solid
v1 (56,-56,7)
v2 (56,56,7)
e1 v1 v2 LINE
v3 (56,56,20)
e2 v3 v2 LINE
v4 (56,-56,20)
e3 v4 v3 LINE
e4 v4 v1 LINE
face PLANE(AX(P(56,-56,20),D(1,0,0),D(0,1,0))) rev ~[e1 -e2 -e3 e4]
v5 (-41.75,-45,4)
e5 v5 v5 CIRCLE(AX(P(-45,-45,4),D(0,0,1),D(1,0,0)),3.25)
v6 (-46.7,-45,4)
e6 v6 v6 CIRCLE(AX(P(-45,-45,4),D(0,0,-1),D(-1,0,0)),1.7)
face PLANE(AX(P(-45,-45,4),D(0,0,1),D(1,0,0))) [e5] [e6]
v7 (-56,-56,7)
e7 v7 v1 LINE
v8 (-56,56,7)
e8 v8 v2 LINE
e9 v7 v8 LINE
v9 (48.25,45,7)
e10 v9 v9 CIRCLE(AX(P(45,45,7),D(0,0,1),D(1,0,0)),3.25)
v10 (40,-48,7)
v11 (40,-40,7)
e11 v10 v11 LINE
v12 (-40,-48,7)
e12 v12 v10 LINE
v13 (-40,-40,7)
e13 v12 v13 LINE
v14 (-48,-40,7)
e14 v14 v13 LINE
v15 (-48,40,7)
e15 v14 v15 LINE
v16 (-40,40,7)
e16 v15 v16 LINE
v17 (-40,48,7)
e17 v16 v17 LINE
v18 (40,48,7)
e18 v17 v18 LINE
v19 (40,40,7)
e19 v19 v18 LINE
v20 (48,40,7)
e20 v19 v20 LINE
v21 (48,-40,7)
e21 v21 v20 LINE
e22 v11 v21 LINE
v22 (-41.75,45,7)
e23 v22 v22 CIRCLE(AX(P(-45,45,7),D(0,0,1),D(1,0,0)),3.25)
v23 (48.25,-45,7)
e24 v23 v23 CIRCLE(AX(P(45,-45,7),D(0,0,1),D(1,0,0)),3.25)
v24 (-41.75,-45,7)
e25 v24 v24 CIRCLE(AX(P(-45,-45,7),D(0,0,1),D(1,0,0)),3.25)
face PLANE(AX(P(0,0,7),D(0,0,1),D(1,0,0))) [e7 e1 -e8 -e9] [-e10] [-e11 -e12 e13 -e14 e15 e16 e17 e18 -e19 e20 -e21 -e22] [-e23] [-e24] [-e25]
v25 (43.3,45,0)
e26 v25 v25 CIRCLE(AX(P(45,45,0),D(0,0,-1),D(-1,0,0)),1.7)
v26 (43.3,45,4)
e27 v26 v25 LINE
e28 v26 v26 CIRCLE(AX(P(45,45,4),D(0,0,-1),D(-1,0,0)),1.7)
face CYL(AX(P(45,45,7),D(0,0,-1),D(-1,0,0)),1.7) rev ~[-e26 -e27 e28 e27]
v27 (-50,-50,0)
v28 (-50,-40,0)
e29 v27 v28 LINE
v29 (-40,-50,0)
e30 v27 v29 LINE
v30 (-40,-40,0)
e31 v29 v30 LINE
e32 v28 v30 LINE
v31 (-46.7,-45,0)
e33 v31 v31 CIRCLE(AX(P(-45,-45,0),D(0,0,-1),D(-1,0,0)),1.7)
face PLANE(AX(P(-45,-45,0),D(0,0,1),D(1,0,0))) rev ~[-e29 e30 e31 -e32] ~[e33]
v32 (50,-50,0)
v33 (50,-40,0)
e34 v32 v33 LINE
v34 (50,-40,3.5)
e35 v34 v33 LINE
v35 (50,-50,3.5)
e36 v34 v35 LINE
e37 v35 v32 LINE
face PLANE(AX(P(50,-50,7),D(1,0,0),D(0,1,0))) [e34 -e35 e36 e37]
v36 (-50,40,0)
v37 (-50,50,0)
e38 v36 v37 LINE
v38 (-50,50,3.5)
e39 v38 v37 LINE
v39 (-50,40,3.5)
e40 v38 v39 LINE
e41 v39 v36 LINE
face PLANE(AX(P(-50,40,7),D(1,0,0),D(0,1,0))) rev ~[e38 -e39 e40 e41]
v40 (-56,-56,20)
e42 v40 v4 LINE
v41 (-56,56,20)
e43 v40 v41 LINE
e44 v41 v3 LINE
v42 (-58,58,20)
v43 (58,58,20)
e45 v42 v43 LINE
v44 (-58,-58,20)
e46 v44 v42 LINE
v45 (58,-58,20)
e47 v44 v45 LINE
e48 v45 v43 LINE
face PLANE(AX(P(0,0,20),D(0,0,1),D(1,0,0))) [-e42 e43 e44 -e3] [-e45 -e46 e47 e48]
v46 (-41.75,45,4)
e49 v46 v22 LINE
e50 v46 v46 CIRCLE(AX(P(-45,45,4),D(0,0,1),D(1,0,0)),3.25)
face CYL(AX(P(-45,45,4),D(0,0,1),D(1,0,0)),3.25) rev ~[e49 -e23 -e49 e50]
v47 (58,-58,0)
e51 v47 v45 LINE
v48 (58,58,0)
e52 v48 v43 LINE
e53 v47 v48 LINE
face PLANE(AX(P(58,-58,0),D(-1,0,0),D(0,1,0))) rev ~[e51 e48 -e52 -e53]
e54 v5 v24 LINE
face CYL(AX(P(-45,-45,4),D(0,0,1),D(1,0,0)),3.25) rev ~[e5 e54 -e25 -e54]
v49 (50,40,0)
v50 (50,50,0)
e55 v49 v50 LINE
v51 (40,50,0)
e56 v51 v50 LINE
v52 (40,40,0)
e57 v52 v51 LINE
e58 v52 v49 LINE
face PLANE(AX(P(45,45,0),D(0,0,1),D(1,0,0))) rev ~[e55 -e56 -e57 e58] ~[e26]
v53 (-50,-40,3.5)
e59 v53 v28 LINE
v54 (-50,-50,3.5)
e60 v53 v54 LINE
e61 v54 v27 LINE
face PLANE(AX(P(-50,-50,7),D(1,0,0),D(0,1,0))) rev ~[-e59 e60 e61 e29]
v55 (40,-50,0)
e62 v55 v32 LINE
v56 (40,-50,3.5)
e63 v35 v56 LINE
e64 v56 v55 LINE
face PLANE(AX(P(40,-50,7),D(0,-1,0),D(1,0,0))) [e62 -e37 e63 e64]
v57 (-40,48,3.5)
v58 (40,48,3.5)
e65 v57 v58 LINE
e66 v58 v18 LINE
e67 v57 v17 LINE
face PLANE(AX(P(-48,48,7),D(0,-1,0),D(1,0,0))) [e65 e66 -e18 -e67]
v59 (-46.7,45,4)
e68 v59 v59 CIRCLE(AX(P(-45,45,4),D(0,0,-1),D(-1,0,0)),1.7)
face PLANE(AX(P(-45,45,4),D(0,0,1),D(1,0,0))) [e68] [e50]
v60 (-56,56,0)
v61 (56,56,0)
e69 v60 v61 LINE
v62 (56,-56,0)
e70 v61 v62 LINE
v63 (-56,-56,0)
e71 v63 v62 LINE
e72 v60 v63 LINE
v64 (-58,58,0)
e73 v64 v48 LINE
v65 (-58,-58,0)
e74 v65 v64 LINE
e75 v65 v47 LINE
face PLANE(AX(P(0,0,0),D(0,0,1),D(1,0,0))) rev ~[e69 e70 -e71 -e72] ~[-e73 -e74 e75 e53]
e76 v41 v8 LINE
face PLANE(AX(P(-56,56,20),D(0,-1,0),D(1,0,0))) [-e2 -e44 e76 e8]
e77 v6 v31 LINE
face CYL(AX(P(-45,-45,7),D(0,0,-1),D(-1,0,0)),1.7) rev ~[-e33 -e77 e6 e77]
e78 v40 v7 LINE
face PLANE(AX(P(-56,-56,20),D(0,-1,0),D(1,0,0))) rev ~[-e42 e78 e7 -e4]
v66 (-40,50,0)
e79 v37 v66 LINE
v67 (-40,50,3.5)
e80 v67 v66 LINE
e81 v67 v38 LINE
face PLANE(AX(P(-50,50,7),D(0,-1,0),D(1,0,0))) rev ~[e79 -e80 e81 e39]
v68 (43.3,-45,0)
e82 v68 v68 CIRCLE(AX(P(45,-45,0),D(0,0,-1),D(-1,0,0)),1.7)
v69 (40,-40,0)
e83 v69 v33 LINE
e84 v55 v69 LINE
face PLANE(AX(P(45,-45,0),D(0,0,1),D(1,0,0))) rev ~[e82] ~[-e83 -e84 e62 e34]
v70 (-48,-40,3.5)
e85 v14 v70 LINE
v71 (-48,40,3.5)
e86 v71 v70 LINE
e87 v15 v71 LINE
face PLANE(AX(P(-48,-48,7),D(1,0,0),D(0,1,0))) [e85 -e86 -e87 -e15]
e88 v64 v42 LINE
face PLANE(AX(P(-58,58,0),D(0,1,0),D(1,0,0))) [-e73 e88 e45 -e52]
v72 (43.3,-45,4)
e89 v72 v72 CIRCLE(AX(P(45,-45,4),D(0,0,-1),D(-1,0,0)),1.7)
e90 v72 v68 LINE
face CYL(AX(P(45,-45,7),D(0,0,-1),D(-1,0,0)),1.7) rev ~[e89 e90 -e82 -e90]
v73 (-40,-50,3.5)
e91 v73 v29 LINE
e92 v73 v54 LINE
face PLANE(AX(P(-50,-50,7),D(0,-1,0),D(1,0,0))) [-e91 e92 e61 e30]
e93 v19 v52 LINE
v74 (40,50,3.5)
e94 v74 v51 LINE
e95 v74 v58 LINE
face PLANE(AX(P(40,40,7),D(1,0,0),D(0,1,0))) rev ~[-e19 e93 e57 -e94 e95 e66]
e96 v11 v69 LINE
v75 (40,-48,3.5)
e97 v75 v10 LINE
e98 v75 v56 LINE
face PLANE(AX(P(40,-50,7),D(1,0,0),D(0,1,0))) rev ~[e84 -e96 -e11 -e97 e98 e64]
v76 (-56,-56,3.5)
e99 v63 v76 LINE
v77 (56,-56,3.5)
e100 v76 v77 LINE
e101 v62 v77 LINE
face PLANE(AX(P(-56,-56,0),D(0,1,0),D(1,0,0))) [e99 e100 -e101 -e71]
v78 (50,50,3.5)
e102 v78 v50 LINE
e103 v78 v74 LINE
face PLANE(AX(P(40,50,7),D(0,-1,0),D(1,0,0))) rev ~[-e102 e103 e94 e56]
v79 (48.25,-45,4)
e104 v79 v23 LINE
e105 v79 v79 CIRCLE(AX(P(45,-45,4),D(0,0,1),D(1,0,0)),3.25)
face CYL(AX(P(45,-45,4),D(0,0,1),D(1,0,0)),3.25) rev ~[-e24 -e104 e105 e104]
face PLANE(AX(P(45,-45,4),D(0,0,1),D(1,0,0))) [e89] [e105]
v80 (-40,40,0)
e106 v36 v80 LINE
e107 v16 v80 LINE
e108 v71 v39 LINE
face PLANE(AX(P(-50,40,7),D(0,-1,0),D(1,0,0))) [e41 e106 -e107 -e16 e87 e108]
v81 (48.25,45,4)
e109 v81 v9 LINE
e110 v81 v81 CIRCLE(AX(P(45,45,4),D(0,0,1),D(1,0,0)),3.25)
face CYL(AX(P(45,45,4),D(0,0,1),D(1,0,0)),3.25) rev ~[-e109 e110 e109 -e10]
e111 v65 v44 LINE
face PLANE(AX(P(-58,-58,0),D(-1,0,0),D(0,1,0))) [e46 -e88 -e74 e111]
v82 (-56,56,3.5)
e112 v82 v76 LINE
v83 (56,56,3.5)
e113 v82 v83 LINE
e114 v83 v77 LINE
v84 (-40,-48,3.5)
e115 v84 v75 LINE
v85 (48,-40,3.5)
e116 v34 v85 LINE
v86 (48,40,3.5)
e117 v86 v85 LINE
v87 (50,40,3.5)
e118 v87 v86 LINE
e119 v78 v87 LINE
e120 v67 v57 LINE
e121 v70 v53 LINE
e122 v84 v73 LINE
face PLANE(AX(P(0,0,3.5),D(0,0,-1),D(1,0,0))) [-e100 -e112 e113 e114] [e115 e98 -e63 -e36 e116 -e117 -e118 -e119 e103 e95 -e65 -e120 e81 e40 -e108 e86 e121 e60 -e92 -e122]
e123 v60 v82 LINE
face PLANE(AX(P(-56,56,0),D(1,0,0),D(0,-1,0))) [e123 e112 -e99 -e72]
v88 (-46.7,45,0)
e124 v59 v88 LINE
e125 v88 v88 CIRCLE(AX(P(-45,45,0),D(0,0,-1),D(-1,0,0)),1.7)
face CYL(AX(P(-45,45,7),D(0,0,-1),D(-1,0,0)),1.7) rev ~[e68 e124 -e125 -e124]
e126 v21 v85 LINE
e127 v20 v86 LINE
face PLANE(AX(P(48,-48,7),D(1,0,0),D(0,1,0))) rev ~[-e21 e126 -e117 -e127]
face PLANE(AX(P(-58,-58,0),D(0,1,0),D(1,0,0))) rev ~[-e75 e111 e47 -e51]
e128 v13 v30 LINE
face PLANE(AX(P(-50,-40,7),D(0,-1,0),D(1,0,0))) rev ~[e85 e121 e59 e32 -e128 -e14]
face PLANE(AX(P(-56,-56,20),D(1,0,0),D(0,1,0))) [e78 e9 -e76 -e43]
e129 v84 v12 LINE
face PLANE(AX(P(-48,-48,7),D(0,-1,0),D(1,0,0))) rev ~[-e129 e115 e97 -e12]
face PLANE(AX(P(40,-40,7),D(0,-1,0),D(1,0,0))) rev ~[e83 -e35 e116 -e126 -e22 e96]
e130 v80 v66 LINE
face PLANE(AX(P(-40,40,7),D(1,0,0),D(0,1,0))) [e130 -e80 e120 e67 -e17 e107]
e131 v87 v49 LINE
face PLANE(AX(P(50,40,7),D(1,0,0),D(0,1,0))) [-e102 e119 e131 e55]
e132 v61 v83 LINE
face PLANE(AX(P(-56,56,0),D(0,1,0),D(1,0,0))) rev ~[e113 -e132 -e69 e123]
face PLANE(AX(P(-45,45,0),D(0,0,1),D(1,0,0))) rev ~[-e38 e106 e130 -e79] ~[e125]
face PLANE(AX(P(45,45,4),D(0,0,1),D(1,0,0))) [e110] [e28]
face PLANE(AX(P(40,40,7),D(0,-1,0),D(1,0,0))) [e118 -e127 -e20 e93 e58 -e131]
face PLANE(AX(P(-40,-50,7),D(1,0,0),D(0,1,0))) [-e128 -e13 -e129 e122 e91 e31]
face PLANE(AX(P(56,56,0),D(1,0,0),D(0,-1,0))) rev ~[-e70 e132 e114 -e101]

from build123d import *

# Parameters (mm, degrees)
F0_W            = 116
F0_H            = 116
F1_DEPTH        = 20
F2_W            = 112
F2_H            = 112
F3_DEPTH        = 13
F4_W            = 96
F4_H            = 96
F5_DEPTH        = 7
F6_W            = 112
F6_H            = 112
F6_W_2          = 96
F6_H_2          = 96
F7_DEPTH        = 3.5
F8_W            = 10
F8_H            = 10
F9_DEPTH        = 7
F11_D           = 3.4
F11_CBORE_D     = 6.5
F11_CBORE_DEPTH = 3


with BuildPart() as f1:
    # F0 (on Top) → F1 (new body)
    with BuildSketch(Plane.XY):
        Rectangle(F0_W, F0_H)
    extrude(amount=F1_DEPTH)

    # F2 (on face) → F3 (cut)
    with BuildSketch(Plane.XY.offset(20)):
        Rectangle(F2_W, F2_H)
    extrude(amount=-F3_DEPTH, mode=Mode.SUBTRACT)

    # F4 (on face) → F5 (cut, through all)
    with BuildSketch(Plane.XY.offset(7)):
        Rectangle(F4_W, F4_H)
    extrude(amount=-F5_DEPTH, mode=Mode.SUBTRACT)

    # F6 (on face) → F7 (cut)
    with BuildSketch(Plane(origin=(0, 0, 0), x_dir=(1, 0, 0), z_dir=(0, 0, -1))):
        Rectangle(F6_W, F6_H)
        Rectangle(F6_W_2, F6_H_2, mode=Mode.SUBTRACT)
    extrude(amount=-F7_DEPTH, mode=Mode.SUBTRACT)

    # F8 (on face) → F9 (join, through all)
    with BuildSketch(Plane.XY.offset(7)):
        with Locations((-45, 45)):
            Rectangle(F8_W, F8_H)
        with Locations((45, 45)):
            Rectangle(F8_W, F8_H)
        with Locations((-45, -45)):
            Rectangle(F8_W, F8_H)
        with Locations((45, -45)):
            Rectangle(F8_W, F8_H)
    extrude(amount=-F9_DEPTH)

    # F11 (through all)
    with Locations(Plane.XY.offset(7)):
        with Locations((45, 45), (-45, 45), (-45, -45), (45, -45)):
            CounterBoreHole(F11_D / 2, F11_CBORE_D / 2, F11_CBORE_DEPTH)


solid = f1.part
